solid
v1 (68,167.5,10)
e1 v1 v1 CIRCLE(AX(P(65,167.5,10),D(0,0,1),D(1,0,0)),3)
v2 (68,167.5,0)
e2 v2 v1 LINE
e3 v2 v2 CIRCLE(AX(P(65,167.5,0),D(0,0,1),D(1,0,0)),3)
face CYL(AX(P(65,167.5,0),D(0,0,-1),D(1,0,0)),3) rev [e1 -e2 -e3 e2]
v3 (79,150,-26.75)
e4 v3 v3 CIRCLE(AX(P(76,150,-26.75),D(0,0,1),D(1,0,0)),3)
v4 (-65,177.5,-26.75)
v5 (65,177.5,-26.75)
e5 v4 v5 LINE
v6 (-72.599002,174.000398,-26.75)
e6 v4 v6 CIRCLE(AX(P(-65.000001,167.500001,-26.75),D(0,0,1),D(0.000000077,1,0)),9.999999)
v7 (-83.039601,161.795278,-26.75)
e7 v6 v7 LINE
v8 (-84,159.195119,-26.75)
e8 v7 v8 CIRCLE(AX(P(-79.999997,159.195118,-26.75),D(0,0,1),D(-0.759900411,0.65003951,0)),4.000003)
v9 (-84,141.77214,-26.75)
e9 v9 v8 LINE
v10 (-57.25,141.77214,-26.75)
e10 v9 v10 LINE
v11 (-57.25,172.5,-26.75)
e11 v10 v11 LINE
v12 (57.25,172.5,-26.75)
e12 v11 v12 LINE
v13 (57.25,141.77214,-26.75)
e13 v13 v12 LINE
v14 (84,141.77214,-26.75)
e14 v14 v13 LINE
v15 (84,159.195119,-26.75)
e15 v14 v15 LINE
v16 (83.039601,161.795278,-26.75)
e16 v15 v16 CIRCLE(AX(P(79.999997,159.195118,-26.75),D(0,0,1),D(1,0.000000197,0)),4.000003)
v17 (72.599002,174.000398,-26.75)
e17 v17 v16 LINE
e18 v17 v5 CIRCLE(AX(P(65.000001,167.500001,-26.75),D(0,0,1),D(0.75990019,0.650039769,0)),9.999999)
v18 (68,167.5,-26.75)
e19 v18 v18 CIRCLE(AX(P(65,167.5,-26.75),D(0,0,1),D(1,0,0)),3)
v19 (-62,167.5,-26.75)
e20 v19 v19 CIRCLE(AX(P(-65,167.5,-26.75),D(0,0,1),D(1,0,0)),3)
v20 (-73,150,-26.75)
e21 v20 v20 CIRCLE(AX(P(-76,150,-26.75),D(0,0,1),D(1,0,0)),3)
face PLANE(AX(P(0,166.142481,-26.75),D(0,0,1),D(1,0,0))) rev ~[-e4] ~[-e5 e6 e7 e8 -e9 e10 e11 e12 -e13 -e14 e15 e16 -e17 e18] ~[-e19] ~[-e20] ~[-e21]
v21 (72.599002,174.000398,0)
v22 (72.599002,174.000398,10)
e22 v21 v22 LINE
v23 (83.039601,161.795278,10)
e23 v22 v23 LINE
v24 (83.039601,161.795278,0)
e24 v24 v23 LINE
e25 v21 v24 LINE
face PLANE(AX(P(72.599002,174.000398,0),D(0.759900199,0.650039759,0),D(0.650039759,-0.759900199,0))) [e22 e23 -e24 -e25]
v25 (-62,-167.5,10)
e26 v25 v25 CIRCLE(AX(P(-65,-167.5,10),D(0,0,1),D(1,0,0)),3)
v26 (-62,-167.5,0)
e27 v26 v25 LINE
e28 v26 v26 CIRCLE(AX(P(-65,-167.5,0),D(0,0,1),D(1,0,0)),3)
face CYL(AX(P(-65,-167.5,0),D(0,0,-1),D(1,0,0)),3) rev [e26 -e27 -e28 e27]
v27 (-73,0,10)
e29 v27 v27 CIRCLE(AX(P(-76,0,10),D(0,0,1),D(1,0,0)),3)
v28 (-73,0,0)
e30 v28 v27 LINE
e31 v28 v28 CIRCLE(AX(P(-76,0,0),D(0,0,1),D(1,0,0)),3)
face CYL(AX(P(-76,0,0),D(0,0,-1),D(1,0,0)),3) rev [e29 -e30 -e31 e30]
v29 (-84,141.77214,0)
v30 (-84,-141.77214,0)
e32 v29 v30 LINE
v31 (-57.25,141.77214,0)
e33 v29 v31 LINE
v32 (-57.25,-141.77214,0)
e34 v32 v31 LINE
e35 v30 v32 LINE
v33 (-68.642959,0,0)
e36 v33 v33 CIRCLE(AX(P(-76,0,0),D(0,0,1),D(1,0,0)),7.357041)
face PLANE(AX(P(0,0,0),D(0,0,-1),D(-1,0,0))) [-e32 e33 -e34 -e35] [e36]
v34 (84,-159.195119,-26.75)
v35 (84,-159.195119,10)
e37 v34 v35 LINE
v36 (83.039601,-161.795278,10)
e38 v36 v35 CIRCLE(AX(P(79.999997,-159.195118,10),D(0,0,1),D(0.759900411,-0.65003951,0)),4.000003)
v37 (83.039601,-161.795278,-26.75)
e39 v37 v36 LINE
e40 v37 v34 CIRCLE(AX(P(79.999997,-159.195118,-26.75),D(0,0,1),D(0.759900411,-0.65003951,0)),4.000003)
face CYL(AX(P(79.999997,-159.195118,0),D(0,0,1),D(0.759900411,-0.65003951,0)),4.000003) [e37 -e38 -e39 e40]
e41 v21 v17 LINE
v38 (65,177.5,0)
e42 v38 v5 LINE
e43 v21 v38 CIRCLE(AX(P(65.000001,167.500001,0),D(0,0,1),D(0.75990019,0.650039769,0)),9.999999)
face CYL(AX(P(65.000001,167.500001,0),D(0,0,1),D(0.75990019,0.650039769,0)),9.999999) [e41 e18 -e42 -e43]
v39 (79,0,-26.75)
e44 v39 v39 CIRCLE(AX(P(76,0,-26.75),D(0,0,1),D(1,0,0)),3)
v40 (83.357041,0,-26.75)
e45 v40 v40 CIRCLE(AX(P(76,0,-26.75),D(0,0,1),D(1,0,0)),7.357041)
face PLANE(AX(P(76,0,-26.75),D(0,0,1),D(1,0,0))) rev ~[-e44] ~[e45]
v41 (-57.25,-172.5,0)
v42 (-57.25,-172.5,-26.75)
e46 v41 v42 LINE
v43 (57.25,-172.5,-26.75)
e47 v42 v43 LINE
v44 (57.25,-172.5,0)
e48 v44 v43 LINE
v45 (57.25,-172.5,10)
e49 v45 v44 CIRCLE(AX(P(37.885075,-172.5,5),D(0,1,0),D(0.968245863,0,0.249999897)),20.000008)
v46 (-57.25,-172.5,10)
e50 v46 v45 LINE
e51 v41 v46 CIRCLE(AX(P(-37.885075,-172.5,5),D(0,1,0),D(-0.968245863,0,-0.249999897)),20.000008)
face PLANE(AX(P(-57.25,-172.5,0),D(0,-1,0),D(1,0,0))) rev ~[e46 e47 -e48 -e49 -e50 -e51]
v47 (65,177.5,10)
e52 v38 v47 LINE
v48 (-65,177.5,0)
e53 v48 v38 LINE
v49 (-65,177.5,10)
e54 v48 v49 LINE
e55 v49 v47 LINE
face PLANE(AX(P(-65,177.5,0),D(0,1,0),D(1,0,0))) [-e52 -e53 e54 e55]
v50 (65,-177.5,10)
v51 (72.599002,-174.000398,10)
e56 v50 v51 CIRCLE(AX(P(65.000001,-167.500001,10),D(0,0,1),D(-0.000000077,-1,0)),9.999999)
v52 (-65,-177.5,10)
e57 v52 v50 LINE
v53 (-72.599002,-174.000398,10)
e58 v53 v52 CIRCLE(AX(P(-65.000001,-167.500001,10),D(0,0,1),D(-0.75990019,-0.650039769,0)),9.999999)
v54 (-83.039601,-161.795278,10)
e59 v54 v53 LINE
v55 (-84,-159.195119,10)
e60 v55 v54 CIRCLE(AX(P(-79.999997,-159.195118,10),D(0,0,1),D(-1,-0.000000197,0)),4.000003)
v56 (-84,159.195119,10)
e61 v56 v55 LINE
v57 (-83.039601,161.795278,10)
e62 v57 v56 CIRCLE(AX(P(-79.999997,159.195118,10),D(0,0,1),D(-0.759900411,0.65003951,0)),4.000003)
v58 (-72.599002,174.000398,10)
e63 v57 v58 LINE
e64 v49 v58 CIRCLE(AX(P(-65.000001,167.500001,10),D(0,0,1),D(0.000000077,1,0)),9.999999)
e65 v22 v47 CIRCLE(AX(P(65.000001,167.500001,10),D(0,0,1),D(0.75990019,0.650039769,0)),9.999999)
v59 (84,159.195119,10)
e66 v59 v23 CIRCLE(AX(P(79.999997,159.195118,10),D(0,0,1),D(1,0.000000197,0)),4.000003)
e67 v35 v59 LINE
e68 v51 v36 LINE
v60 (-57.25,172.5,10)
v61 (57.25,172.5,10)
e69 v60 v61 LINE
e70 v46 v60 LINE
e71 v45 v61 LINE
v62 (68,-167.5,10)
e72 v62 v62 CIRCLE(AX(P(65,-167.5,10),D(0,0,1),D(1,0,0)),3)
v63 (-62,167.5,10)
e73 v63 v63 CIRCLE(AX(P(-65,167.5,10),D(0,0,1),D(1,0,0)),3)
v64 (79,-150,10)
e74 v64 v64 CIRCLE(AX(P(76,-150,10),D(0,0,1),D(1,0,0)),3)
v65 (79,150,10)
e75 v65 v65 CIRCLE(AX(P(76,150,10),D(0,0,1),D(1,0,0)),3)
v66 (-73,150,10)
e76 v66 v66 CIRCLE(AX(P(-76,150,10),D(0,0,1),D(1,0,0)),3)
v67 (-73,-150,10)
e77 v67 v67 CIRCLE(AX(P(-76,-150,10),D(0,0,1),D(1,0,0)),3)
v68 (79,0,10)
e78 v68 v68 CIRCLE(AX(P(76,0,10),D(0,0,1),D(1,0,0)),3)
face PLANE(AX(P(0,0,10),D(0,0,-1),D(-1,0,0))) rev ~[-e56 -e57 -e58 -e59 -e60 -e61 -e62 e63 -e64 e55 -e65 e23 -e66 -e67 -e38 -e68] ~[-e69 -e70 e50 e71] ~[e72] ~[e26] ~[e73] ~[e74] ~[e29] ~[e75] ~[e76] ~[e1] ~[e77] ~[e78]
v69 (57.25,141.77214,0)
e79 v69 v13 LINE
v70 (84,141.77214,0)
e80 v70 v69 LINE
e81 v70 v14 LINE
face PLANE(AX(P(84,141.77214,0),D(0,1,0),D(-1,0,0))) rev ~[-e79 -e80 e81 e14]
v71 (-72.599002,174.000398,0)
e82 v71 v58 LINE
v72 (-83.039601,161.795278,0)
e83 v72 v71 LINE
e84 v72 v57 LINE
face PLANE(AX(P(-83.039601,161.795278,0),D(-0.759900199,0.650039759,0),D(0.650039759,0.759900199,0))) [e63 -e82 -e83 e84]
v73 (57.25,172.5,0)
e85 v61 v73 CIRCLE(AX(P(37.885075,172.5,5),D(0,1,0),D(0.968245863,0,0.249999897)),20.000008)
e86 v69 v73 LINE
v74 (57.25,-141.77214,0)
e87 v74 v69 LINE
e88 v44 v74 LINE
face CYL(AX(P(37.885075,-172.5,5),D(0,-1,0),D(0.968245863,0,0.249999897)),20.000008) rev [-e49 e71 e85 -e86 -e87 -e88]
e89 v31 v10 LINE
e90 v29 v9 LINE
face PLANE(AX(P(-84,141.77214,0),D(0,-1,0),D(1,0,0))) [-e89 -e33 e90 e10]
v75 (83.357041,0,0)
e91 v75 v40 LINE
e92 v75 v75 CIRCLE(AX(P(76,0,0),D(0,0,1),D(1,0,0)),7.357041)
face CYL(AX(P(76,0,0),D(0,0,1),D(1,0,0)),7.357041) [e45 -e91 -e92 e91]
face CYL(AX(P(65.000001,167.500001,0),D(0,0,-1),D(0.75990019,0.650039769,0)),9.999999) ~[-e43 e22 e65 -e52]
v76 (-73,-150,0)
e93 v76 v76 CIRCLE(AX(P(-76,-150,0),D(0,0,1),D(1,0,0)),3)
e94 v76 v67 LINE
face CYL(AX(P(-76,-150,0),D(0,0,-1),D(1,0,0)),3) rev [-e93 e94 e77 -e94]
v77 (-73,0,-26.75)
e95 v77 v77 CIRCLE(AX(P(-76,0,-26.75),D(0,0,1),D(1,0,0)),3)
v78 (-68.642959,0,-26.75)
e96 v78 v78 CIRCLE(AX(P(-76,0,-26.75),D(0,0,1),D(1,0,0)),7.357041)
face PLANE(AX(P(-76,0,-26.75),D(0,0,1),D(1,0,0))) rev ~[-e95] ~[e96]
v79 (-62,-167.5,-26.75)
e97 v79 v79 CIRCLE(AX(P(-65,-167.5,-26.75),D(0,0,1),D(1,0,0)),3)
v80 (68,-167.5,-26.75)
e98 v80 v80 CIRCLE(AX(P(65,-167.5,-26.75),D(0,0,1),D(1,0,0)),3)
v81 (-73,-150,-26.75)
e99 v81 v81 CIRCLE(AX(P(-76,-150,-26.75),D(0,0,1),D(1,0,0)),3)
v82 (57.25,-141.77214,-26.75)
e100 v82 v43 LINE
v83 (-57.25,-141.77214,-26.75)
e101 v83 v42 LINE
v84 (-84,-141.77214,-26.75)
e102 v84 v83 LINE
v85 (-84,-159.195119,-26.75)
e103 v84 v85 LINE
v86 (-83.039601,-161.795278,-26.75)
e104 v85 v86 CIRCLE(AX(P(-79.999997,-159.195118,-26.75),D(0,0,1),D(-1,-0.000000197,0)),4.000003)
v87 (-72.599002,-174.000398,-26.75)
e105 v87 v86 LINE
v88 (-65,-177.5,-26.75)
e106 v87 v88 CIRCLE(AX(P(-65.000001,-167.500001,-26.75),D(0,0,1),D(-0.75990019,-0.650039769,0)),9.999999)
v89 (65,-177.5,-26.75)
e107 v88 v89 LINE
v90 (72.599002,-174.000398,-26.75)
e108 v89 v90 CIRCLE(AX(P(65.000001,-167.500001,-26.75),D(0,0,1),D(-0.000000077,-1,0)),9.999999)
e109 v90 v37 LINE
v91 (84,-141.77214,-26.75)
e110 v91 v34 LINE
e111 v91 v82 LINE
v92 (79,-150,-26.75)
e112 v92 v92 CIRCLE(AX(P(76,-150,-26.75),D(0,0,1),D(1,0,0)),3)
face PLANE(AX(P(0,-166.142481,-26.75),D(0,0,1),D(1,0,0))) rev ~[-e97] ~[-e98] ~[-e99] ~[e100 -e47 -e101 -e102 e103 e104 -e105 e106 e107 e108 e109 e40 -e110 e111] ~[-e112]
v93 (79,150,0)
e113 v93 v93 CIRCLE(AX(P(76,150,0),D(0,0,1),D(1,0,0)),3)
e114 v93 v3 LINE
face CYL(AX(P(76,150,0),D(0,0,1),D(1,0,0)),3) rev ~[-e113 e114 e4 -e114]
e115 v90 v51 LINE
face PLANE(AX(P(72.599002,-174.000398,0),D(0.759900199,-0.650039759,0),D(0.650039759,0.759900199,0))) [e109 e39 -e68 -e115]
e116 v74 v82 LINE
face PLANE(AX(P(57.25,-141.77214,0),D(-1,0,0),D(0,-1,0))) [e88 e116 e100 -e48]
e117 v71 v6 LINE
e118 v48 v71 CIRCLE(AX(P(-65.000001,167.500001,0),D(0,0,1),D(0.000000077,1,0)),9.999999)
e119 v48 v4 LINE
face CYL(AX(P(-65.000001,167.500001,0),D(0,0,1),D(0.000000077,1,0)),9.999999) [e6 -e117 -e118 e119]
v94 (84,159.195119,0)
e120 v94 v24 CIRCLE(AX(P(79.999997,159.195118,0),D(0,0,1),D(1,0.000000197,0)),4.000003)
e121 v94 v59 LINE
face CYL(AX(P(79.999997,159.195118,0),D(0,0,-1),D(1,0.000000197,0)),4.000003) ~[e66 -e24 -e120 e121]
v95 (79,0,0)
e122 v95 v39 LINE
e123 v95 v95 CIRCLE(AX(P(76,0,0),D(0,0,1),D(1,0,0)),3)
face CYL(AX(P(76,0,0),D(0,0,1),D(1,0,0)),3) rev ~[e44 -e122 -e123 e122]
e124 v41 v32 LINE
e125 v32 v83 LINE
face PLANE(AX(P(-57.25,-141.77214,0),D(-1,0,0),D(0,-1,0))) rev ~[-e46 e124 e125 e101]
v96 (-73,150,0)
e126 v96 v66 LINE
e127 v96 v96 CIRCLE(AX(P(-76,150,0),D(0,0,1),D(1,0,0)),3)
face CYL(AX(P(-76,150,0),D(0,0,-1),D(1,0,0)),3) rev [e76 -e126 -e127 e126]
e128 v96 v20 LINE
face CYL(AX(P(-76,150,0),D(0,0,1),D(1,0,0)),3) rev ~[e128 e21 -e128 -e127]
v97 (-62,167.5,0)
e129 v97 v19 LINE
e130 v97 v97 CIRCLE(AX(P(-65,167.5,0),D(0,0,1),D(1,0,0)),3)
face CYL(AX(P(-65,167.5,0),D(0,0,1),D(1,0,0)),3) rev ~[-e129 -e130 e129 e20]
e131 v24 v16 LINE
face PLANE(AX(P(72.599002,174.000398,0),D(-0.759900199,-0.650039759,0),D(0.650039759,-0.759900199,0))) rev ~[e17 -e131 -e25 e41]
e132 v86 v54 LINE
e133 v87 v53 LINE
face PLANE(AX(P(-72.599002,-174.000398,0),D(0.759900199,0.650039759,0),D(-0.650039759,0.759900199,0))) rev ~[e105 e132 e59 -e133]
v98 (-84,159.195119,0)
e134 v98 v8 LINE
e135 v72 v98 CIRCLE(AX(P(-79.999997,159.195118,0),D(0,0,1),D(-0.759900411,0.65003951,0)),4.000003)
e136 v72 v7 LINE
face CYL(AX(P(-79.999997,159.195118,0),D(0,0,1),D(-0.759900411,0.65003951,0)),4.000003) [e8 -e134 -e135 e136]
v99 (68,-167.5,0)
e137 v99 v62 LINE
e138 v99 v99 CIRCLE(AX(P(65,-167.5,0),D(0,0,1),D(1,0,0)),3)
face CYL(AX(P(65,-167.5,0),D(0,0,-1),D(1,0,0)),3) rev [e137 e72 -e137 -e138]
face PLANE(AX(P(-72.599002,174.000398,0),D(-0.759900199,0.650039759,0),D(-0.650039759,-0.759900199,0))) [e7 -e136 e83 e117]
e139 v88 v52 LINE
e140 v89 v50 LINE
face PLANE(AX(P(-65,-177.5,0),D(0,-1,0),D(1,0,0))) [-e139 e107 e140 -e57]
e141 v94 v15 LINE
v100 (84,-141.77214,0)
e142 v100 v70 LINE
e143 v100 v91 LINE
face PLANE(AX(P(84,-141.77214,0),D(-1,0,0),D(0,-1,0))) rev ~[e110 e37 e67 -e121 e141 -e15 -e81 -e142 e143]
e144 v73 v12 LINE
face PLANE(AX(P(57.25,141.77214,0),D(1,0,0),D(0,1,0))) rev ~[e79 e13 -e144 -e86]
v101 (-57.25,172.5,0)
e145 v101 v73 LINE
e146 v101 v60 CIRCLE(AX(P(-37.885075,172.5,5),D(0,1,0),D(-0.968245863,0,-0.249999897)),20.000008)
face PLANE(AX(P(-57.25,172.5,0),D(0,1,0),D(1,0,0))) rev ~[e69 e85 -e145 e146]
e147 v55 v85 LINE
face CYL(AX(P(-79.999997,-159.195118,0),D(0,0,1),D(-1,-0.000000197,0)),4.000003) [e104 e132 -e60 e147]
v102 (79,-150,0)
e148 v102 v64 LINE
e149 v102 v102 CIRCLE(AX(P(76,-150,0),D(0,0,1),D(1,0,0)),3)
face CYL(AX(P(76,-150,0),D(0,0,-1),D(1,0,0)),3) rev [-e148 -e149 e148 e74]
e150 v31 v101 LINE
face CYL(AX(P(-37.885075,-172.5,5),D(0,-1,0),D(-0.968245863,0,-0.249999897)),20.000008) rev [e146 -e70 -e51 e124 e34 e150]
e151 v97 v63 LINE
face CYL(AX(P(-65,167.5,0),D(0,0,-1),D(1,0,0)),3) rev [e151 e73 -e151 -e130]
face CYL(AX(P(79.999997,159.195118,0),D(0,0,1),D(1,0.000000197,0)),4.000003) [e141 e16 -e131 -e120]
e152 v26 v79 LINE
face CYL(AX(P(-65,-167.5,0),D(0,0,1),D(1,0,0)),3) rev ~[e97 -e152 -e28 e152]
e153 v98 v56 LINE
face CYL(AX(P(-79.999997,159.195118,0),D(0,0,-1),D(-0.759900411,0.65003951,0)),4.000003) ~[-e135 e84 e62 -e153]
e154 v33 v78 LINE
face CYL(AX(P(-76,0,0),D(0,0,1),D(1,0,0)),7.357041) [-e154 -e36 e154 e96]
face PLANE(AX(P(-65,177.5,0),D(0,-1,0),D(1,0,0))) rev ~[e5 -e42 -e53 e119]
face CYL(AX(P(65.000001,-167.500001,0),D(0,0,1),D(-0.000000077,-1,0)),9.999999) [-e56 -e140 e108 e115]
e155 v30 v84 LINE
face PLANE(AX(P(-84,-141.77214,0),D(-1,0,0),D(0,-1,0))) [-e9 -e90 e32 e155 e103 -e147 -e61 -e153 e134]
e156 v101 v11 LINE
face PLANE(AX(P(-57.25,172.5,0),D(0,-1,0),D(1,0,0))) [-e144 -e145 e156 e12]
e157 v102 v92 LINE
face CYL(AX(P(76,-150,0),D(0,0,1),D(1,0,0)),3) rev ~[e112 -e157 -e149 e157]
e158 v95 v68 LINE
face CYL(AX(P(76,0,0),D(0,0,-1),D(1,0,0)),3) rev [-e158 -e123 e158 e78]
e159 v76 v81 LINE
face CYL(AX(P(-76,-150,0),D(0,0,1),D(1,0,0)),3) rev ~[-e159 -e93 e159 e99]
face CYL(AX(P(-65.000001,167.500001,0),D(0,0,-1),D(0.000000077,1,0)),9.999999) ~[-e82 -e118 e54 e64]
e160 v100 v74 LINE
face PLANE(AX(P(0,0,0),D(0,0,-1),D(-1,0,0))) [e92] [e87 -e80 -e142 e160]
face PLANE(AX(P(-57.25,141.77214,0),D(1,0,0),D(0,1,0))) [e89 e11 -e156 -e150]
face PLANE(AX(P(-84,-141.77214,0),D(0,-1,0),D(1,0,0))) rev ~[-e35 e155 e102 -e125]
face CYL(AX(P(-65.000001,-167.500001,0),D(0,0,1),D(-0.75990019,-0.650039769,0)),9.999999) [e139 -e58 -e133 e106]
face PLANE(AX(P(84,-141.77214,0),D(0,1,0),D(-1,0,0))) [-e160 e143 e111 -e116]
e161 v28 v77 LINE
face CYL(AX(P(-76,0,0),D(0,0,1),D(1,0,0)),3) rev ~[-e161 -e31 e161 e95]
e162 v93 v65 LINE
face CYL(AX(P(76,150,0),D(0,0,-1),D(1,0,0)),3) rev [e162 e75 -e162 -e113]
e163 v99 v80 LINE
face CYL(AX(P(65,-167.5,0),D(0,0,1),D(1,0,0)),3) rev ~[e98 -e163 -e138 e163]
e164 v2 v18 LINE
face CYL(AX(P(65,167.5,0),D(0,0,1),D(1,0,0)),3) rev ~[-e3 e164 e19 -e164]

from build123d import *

# Parameters (mm, degrees)
SKETCH066_R     = 7.357041
SKETCH066_R_2   = 3
EXTRUDE_DEPTH   = 26.75
SKETCH065_R     = 3
SKETCH065_W     = 114.5
SKETCH065_H     = 345
PAD035_DEPTH    = 10
POCKET035_DEPTH = 345


with BuildPart() as body082:
    # Sketch066 → Extrude (new body)
    with BuildSketch(Plane.XY):
        with Locations((-76, 0)):
            Circle(SKETCH066_R)
        with Locations((-76, 0)):
            Circle(SKETCH066_R_2, mode=Mode.SUBTRACT)
        with Locations((76, 0)):
            Circle(SKETCH066_R)
        with Locations((76, 0)):
            Circle(SKETCH066_R_2, mode=Mode.SUBTRACT)
        with BuildLine():
            ThreePointArc((-83.039601, 161.795278), (-83.752226, 160.581048), (-84, 159.195119))
            Line((-84, 141.77214), (-84, 159.195119))
            Line((-84, 141.77214), (-57.25, 141.77214))
            Line((-57.25, 141.77214), (-57.25, 172.5))
            Line((-57.25, 172.5), (57.25, 172.5))
            Line((57.25, 141.77214), (57.25, 172.5))
            Line((84, 141.77214), (57.25, 141.77214))
            Line((84, 141.77214), (84, 159.195119))
            ThreePointArc((84, 159.195119), (83.752226, 160.581048), (83.039601, 161.795278))
            Line((72.599002, 174.000398), (83.039601, 161.795278))
            ThreePointArc((72.599002, 174.000398), (69.183062, 176.583061), (65, 177.5))
            Line((-65, 177.5), (65, 177.5))
            ThreePointArc((-65, 177.5), (-69.183062, 176.583061), (-72.599002, 174.000398))
            Line((-72.599002, 174.000398), (-83.039601, 161.795278))
        make_face()
        with Locations((-65, 167.5)):
            Circle(SKETCH066_R_2, mode=Mode.SUBTRACT)
        with Locations((-76, 150)):
            Circle(SKETCH066_R_2, mode=Mode.SUBTRACT)
        with Locations((65, 167.5)):
            Circle(SKETCH066_R_2, mode=Mode.SUBTRACT)
        with Locations((76, 150)):
            Circle(SKETCH066_R_2, mode=Mode.SUBTRACT)
        with BuildLine():
            ThreePointArc((-84, -159.195119), (-83.752226, -160.581048), (-83.039601, -161.795278))
            Line((-72.599002, -174.000398), (-83.039601, -161.795278))
            ThreePointArc((-72.599002, -174.000398), (-69.183062, -176.583061), (-65, -177.5))
            Line((-65, -177.5), (65, -177.5))
            ThreePointArc((65, -177.5), (69.183062, -176.583061), (72.599002, -174.000398))
            Line((72.599002, -174.000398), (83.039601, -161.795278))
            ThreePointArc((83.039601, -161.795278), (83.752226, -160.581048), (84, -159.195119))
            Line((84, -141.77214), (84, -159.195119))
            Line((84, -141.77214), (57.25, -141.77214))
            Line((57.25, -141.77214), (57.25, -172.5))
            Line((-57.25, -172.5), (57.25, -172.5))
            Line((-57.25, -141.77214), (-57.25, -172.5))
            Line((-84, -141.77214), (-57.25, -141.77214))
            Line((-84, -141.77214), (-84, -159.195119))
        make_face()
        with Locations((-65, -167.5)):
            Circle(SKETCH066_R_2, mode=Mode.SUBTRACT)
        with Locations((-76, -150)):
            Circle(SKETCH066_R_2, mode=Mode.SUBTRACT)
        with Locations((65, -167.5)):
            Circle(SKETCH066_R_2, mode=Mode.SUBTRACT)
        with Locations((76, -150)):
            Circle(SKETCH066_R_2, mode=Mode.SUBTRACT)
    extrude(amount=-EXTRUDE_DEPTH)


with BuildPart() as body081:
    # Sketch065 → Pad035 (new body)
    with BuildSketch(Plane.XY):
        with BuildLine():
            Line((84, -33.872292), (84, 33.872292))
            Line((84, 159.195119), (84, 33.872292))
            ThreePointArc((84, 159.195119), (83.752226, 160.581048), (83.039601, 161.795278))
            Line((72.599002, 174.000398), (83.039601, 161.795278))
            ThreePointArc((72.599002, 174.000398), (69.183062, 176.583061), (65, 177.5))
            Line((-65, 177.5), (65, 177.5))
            ThreePointArc((-65, 177.5), (-69.183062, 176.583061), (-72.599002, 174.000398))
            Line((-83.039601, 161.795278), (-72.599002, 174.000398))
            ThreePointArc((-83.039601, 161.795278), (-83.752226, 160.581048), (-84, 159.195119))
            Line((-84, 33.872292), (-84, 159.195119))
            Line((-84, 33.872292), (-84, -33.872292))
            Line((-84, -33.872292), (-84, -159.195119))
            ThreePointArc((-84, -159.195119), (-83.752226, -160.581048), (-83.039601, -161.795278))
            Line((-83.039601, -161.795278), (-72.599002, -174.000398))
            ThreePointArc((-72.599002, -174.000398), (-69.183062, -176.583061), (-65, -177.5))
            Line((-65, -177.5), (65, -177.5))
            ThreePointArc((65, -177.5), (69.183062, -176.583061), (72.599002, -174.000398))
            Line((72.599002, -174.000398), (83.039601, -161.795278))
            ThreePointArc((83.039601, -161.795278), (83.752226, -160.581048), (84, -159.195119))
            Line((84, -159.195119), (84, -33.872292))
        make_face()
        with Locations((-76, 150)):
            Circle(SKETCH065_R, mode=Mode.SUBTRACT)
        with Locations((76, 150)):
            Circle(SKETCH065_R, mode=Mode.SUBTRACT)
        with Locations((-76, -150)):
            Circle(SKETCH065_R, mode=Mode.SUBTRACT)
        with Locations((76, -150)):
            Circle(SKETCH065_R, mode=Mode.SUBTRACT)
        with Locations((76, 0)):
            Circle(SKETCH065_R, mode=Mode.SUBTRACT)
        with Locations((-76, 0)):
            Circle(SKETCH065_R, mode=Mode.SUBTRACT)
        with Locations((-65, 167.5)):
            Circle(SKETCH065_R, mode=Mode.SUBTRACT)
        with Locations((65, 167.5)):
            Circle(SKETCH065_R, mode=Mode.SUBTRACT)
        with Locations((-65, -167.5)):
            Circle(SKETCH065_R, mode=Mode.SUBTRACT)
        with Locations((65, -167.5)):
            Circle(SKETCH065_R, mode=Mode.SUBTRACT)
        Rectangle(SKETCH065_W, SKETCH065_H, mode=Mode.SUBTRACT)
    extrude(amount=PAD035_DEPTH)

    # Sketch068 (on Face21 of Pad035) → Pocket035 (cut)
    with BuildSketch(Plane(origin=(0, -172.5, 0), x_dir=(-1, 0, 0), z_dir=(0, 1, 0))):
        with BuildLine():
            ThreePointArc((-57.25, 10), (-57.885083, 5), (-57.25, 0))
            Line((-57.25, 10), (-57.25, 0))
        make_face()
        with BuildLine():
            ThreePointArc((57.25, 0), (57.885083, 5), (57.25, 10))
            Line((57.25, 10), (57.25, 0))
        make_face()
    extrude(amount=POCKET035_DEPTH, mode=Mode.SUBTRACT)

    # Boolean006: union Body082
    add(body082.part)


solid = body081.part
